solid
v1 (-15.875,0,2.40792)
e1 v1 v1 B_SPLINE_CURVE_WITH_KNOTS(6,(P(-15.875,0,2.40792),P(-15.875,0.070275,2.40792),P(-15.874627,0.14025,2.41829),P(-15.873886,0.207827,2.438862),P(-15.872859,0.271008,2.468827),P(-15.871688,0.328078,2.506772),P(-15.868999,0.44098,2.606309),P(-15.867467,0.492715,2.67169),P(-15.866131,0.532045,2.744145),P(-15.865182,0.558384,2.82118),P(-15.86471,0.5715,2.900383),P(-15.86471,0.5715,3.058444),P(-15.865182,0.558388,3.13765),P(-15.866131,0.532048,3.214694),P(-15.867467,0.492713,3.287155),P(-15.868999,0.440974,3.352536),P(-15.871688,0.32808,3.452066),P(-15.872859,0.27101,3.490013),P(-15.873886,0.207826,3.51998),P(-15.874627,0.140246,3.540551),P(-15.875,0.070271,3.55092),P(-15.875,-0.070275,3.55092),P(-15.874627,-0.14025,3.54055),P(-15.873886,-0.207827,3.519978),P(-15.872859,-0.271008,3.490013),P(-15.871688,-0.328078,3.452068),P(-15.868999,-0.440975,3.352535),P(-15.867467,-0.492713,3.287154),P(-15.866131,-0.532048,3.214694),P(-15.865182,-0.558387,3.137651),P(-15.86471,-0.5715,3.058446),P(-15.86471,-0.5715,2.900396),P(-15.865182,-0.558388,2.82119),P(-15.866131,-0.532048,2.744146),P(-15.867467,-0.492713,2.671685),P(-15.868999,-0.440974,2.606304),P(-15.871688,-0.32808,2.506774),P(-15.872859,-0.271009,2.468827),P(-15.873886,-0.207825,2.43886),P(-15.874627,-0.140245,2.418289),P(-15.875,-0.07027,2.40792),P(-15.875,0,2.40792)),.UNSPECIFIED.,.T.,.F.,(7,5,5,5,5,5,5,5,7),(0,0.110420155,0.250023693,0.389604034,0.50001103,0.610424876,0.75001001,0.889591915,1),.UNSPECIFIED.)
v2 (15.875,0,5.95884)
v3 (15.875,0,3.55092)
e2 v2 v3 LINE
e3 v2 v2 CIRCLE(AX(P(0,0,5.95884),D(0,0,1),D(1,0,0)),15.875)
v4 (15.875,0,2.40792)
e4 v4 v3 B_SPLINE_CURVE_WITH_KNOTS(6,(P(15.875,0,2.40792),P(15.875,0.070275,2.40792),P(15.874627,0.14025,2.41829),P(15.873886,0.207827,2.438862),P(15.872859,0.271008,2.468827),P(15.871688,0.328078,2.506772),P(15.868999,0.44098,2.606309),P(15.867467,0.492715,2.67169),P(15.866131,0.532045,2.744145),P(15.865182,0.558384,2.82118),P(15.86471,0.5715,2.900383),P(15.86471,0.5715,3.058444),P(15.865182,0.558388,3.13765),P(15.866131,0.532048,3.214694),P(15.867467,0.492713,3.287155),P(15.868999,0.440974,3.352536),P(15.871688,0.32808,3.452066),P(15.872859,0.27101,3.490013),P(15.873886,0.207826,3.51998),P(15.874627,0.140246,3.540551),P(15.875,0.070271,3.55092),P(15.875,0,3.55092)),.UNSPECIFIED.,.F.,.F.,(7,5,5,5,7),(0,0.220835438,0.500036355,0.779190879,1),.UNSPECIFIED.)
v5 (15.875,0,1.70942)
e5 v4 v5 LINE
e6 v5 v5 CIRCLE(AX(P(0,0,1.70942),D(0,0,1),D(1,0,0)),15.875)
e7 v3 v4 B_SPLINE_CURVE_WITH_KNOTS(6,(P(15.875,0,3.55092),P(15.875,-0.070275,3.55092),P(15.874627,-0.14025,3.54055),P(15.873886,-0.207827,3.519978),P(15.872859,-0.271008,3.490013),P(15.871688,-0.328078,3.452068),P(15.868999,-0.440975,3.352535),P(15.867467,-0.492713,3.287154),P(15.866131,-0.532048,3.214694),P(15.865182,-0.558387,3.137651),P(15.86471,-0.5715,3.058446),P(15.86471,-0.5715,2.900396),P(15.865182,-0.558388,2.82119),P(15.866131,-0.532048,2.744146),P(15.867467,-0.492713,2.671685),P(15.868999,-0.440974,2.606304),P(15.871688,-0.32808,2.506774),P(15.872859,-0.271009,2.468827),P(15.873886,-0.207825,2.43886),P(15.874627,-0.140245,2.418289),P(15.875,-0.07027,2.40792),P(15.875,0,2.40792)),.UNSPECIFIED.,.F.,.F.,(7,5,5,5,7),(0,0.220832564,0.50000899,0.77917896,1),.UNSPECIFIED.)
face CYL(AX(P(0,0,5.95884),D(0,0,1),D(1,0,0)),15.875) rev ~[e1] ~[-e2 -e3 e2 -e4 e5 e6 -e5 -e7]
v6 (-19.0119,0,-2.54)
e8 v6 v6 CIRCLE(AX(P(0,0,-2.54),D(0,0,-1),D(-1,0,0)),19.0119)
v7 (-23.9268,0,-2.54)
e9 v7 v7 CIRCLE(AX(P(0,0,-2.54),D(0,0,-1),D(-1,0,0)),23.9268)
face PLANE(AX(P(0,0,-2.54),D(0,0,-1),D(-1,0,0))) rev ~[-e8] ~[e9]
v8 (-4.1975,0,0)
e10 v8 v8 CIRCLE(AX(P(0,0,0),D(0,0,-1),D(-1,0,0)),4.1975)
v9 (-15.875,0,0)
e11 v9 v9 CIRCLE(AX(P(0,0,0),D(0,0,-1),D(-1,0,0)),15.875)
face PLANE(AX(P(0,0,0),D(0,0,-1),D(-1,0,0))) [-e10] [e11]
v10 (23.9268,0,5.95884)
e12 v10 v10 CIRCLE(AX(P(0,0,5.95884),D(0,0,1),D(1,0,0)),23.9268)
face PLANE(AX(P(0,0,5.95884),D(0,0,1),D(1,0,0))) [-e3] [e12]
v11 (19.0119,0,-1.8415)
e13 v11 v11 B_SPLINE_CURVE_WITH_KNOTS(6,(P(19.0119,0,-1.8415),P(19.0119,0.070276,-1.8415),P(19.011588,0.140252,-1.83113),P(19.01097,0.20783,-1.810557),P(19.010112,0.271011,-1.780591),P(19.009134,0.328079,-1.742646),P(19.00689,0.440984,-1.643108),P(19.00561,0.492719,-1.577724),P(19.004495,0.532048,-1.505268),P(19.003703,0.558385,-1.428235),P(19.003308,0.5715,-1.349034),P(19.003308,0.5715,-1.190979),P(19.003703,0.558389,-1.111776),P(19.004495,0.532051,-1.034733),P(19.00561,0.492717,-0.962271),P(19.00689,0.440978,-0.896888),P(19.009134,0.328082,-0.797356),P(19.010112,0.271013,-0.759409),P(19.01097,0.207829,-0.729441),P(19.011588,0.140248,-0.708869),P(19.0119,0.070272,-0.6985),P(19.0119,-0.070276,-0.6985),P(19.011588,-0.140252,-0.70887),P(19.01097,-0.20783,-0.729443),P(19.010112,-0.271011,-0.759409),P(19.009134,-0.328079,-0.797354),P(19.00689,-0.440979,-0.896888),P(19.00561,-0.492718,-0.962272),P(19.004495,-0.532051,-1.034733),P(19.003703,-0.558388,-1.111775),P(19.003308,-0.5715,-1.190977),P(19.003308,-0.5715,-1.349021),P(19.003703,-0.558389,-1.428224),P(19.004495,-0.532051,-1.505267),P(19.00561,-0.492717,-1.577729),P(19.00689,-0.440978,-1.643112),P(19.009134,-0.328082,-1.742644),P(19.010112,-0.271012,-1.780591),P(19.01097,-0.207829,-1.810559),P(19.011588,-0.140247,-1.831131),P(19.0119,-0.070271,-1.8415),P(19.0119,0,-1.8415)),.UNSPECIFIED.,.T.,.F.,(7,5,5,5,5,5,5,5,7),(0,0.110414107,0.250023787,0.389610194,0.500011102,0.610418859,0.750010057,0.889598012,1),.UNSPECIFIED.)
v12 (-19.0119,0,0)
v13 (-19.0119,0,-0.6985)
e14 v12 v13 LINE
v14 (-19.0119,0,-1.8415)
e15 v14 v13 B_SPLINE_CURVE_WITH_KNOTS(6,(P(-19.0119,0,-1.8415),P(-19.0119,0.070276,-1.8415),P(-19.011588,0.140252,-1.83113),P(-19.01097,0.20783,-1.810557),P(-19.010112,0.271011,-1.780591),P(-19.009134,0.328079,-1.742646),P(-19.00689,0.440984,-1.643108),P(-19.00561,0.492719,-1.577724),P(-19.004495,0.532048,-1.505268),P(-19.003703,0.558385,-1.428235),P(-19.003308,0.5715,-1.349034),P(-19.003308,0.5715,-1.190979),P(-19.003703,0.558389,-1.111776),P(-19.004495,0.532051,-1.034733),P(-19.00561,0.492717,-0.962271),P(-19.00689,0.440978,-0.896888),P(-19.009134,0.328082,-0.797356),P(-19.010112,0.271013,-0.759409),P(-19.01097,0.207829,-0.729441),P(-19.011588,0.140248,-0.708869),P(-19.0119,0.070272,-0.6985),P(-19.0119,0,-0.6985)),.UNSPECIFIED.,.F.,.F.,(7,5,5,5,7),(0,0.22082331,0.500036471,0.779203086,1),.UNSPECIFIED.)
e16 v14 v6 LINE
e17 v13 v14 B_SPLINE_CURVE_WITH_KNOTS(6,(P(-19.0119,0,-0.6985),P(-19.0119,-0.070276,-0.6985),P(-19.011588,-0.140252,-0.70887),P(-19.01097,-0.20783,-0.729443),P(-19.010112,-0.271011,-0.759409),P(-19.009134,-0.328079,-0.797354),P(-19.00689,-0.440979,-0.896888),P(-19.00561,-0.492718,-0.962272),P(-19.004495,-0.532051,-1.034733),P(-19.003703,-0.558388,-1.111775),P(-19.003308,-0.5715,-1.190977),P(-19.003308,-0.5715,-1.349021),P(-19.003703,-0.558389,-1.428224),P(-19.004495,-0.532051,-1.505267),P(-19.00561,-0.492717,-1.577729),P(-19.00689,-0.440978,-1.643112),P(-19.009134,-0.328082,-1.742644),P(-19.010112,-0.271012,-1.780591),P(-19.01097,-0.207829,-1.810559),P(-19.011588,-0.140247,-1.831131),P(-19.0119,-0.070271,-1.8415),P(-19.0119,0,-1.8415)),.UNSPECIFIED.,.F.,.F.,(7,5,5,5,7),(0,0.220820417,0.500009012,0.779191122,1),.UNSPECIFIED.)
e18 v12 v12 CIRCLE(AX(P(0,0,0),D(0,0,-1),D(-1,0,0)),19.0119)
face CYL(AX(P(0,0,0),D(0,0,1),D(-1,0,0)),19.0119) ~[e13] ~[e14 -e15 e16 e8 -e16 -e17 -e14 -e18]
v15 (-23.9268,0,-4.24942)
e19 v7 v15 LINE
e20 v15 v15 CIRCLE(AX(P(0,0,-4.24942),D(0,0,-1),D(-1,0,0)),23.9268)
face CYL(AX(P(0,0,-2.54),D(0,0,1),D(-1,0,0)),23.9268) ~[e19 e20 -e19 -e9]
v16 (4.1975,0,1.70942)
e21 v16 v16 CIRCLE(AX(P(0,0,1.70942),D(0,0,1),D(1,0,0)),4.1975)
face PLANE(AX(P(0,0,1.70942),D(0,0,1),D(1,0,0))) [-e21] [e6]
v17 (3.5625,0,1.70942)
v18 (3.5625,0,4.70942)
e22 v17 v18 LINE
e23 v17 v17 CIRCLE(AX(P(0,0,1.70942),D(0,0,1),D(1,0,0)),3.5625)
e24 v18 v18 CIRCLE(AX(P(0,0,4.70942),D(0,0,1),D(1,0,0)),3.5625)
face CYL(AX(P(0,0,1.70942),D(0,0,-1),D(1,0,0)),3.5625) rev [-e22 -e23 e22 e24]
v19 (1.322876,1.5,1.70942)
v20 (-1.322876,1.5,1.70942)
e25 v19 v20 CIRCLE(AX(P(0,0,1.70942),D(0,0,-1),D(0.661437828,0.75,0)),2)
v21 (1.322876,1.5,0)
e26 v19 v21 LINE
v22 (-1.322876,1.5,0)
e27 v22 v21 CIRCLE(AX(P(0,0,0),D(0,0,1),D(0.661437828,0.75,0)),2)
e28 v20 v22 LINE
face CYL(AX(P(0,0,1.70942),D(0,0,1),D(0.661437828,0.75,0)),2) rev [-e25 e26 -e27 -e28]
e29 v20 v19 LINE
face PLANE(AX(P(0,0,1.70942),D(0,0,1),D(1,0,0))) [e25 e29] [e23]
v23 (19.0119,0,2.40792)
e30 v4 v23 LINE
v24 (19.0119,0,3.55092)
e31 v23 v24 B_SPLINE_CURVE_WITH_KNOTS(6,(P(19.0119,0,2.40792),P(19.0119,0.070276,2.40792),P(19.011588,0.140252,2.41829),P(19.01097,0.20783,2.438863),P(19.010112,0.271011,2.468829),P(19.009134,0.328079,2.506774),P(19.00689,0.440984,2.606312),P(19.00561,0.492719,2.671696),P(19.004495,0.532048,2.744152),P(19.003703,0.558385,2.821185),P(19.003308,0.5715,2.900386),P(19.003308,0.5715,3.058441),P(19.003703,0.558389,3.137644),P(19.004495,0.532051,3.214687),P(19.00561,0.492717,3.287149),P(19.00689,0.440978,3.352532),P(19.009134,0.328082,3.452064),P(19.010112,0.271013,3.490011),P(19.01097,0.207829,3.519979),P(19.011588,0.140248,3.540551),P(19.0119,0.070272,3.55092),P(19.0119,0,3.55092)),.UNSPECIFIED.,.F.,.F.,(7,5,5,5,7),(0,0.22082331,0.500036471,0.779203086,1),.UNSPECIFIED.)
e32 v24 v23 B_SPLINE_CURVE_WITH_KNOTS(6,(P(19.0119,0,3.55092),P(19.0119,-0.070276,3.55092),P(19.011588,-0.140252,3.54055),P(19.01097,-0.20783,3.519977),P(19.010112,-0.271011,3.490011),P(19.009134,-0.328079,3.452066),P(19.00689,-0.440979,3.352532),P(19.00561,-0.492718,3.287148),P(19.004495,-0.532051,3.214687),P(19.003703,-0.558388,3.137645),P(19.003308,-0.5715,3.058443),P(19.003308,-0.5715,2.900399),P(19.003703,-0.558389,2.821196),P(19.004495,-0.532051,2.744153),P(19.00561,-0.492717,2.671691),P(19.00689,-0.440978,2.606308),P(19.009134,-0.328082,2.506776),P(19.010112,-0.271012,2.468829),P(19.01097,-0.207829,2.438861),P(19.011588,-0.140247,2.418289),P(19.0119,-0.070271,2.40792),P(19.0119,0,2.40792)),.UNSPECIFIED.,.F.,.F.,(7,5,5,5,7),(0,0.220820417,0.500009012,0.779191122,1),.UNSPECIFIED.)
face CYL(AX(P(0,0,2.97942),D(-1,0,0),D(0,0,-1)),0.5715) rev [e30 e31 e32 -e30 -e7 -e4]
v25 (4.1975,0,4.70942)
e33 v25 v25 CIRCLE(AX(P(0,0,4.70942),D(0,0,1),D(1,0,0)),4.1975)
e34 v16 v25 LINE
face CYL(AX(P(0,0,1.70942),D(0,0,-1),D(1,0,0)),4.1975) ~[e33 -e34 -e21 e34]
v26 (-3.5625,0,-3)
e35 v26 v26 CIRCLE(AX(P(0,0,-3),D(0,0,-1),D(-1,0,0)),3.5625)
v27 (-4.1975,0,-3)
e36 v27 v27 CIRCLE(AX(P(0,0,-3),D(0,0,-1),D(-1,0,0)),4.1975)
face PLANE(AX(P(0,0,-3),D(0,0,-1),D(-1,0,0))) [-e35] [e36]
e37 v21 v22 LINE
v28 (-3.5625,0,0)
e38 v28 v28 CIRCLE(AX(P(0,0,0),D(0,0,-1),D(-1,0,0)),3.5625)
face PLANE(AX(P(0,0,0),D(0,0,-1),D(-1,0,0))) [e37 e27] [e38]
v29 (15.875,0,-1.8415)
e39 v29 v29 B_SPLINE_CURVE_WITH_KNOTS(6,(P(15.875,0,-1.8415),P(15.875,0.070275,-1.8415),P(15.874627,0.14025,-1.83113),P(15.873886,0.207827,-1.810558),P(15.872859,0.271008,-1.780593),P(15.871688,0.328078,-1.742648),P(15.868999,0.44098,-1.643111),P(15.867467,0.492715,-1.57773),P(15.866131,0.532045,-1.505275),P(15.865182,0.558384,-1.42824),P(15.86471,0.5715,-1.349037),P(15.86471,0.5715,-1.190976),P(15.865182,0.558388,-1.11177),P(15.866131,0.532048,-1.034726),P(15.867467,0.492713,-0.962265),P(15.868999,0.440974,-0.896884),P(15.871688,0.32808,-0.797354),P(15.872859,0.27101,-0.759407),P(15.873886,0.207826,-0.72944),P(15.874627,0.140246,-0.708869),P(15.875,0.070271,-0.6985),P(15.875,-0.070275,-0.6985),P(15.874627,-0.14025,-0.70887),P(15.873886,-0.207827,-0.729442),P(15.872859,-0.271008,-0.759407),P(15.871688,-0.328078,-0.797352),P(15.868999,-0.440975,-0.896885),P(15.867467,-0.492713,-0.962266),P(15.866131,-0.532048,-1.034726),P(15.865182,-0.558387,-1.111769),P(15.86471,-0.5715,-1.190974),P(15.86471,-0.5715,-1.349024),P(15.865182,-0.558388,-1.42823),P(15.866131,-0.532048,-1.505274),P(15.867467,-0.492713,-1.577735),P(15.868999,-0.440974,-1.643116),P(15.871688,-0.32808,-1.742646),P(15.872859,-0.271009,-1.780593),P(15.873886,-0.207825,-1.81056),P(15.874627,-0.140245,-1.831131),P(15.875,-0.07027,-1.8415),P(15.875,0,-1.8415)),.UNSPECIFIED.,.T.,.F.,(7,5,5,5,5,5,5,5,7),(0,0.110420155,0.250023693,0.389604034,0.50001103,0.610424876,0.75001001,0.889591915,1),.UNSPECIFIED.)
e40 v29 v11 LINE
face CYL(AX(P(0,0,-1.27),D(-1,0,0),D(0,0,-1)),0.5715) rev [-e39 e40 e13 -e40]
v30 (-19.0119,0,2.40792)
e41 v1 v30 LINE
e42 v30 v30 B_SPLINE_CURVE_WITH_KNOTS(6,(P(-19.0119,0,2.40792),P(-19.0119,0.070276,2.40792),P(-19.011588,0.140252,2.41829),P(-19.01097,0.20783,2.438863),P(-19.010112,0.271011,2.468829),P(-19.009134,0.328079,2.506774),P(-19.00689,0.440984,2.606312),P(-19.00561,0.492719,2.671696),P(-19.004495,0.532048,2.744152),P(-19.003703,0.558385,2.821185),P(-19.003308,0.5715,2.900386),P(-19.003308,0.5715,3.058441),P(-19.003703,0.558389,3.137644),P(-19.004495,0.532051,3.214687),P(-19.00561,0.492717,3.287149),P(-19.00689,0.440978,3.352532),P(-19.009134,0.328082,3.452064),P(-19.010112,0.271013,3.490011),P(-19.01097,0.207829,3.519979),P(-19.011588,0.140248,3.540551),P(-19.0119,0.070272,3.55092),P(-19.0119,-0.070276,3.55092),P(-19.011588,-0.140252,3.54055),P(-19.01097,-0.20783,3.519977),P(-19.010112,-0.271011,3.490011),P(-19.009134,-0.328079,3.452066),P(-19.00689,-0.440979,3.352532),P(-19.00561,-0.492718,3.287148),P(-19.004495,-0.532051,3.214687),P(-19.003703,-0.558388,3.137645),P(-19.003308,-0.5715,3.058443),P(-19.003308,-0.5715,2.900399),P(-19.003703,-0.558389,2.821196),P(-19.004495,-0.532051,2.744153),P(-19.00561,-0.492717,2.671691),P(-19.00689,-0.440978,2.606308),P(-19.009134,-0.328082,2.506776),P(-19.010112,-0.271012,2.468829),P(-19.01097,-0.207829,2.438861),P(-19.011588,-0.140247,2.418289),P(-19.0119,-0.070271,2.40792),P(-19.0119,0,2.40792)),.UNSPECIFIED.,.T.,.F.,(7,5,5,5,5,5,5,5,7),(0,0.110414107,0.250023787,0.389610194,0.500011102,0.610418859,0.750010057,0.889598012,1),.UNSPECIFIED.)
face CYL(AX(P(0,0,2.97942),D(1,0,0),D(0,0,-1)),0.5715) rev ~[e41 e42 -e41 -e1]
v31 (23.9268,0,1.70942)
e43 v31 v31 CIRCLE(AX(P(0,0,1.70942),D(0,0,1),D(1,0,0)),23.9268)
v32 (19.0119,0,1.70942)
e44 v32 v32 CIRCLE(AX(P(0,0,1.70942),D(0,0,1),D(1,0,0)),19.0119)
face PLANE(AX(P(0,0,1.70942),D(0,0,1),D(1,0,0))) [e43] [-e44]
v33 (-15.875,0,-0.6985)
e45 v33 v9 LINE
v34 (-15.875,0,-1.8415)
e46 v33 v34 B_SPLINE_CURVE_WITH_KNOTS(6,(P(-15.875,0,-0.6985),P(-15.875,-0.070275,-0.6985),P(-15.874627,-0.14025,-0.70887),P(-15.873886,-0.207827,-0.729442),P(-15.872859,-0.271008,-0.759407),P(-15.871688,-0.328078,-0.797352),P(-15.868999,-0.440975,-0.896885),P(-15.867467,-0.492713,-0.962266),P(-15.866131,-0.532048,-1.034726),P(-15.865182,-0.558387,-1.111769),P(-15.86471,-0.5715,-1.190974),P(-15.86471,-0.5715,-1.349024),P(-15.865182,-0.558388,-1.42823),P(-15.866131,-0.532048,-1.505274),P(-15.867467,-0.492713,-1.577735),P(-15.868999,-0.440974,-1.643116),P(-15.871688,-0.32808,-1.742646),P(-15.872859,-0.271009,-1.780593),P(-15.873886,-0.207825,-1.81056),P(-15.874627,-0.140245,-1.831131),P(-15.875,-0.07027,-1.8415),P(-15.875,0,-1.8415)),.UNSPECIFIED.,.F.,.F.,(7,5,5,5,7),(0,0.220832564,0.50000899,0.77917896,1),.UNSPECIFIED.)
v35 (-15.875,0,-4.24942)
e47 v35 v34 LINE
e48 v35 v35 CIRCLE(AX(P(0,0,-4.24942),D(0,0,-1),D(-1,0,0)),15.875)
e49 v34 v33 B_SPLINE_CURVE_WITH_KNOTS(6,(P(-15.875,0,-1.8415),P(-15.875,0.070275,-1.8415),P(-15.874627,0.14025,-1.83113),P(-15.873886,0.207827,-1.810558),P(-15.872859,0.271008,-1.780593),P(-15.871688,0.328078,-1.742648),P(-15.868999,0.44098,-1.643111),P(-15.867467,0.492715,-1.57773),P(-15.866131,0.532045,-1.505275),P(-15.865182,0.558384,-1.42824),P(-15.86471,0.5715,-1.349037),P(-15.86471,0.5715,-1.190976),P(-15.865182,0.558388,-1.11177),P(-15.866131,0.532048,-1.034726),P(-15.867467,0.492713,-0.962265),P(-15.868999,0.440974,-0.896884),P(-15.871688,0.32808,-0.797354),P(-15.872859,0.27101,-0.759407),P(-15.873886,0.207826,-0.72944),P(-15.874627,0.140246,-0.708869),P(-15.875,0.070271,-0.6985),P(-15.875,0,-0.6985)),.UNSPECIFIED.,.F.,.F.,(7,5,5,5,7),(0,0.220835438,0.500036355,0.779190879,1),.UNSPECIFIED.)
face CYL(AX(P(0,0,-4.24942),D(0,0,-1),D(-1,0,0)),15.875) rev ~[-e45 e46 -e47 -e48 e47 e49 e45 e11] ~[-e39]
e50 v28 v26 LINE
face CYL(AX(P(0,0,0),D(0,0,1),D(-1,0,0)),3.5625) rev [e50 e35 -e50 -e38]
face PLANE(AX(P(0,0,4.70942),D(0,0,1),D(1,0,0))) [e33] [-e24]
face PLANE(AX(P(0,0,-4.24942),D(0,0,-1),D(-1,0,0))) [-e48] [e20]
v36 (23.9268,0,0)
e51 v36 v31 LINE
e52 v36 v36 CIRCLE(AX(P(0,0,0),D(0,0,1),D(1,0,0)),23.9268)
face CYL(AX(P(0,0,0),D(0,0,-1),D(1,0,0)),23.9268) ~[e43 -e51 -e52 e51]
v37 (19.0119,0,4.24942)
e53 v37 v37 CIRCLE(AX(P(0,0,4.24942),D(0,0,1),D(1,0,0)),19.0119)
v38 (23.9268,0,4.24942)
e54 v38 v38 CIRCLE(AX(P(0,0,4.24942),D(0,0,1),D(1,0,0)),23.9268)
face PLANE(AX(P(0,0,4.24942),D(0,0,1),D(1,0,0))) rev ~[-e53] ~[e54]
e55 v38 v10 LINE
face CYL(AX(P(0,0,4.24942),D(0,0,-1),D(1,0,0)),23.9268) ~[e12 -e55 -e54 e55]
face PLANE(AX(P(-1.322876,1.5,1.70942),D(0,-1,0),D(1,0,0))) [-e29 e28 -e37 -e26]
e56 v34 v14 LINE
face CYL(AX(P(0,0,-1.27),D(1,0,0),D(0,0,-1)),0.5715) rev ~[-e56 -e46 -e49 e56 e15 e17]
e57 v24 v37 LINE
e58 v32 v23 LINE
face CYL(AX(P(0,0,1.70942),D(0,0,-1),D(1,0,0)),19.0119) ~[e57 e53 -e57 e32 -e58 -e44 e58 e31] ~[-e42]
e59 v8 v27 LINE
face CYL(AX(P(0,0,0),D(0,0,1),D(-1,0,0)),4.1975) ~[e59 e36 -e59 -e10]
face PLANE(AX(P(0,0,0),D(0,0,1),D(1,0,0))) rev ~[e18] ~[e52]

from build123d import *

# Parameters (mm, degrees)
SKETCH1_R               = 23.9268
BOSS_EXTRUDE1_DEPTH     = 1.70942
SKETCH2_R               = 19.0119
BOSS_EXTRUDE2_DEPTH     = 2.54
SKETCH3_R               = 19.0119
BOSS_EXTRUDE3_DEPTH     = 2.54
SKETCH4_R               = 23.9268
BOSS_EXTRUDE4_DEPTH     = 1.70942
SKETCH5_R               = 23.9268
BOSS_EXTRUDE5_DEPTH     = 1.70942
SKETCH6_R               = 15.875
CUT_EXTRUDE1_DEPTH      = 4.24942
SKETCH7_R               = 15.875
CUT_EXTRUDE2_DEPTH      = 4.24942
SKETCH8_R               = 0.5715
CUT_EXTRUDE3_DEPTH      = 24.9268
CUT_EXTRUDE3_DEPTH_BACK = 24.9268
CUT_EXTRUDE4_DEPTH      = 6.9588401
SKETCH10_R              = 4.1975
SKETCH10_R_2            = 3.5625
BOSS_EXTRUDE7_DEPTH     = 3
SKETCH11_R              = 4.1975
SKETCH11_R_2            = 3.5625
BOSS_EXTRUDE8_DEPTH     = 3


with BuildPart() as part:
    # Sketch1 → Boss-Extrude1 (new body)
    with BuildSketch(Plane.XY):
        Circle(SKETCH1_R)
    extrude(amount=BOSS_EXTRUDE1_DEPTH)

    # Sketch2 → Boss-Extrude2 (add)
    with BuildSketch(Plane.XY.offset(1.70942)):
        Circle(SKETCH2_R)
    extrude(amount=BOSS_EXTRUDE2_DEPTH)

    # Sketch3 → Boss-Extrude3 (add)
    with BuildSketch(Plane(origin=(0, 0, 0), x_dir=(-1, 0, 0), z_dir=(0, 0, -1))):
        Circle(SKETCH3_R)
    extrude(amount=BOSS_EXTRUDE3_DEPTH)

    # Sketch4 → Boss-Extrude4 (add)
    with BuildSketch(Plane.XY.offset(4.24942)):
        Circle(SKETCH4_R)
    extrude(amount=BOSS_EXTRUDE4_DEPTH)

    # Sketch5 → Boss-Extrude5 (add)
    with BuildSketch(Plane(origin=(0, 0, -2.54), x_dir=(-1, 0, 0), z_dir=(0, 0, -1))):
        Circle(SKETCH5_R)
    extrude(amount=BOSS_EXTRUDE5_DEPTH)

    # Sketch6 → Cut-Extrude1 (cut)
    with BuildSketch(Plane.XY.offset(5.95884)):
        Circle(SKETCH6_R)
    extrude(amount=-CUT_EXTRUDE1_DEPTH, mode=Mode.SUBTRACT)

    # Sketch7 → Cut-Extrude2 (cut)
    with BuildSketch(Plane(origin=(0, 0, -4.24942), x_dir=(-1, 0, 0), z_dir=(0, 0, -1))):
        Circle(SKETCH7_R)
    extrude(amount=-CUT_EXTRUDE2_DEPTH, mode=Mode.SUBTRACT)

    # Sketch8 → Cut-Extrude3 (cut, two sides)
    with BuildSketch(Plane(origin=(0, 0, 0), x_dir=(0, 0, -1), z_dir=(1, 0, 0))) as cut_extrude3_sk:
        with Locations((-2.97942, 0)):
            Circle(SKETCH8_R)
        with Locations((1.27, 0)):
            Circle(SKETCH8_R)
    extrude(amount=CUT_EXTRUDE3_DEPTH, mode=Mode.SUBTRACT)
    extrude(cut_extrude3_sk.sketch, amount=-CUT_EXTRUDE3_DEPTH_BACK, mode=Mode.SUBTRACT)

    # Sketch9 → Cut-Extrude4 (cut, through all)
    with BuildSketch(Plane.XY.offset(1.70942)):
        with BuildLine():
            Line((-1.322875656, 1.5), (1.322875656, 1.5))
            ThreePointArc((1.322875656, 1.5), (0, -2), (-1.322875656, 1.5))
        make_face()
    extrude(amount=-CUT_EXTRUDE4_DEPTH, mode=Mode.SUBTRACT)

    # Sketch10 → Boss-Extrude7 (add)
    with BuildSketch(Plane.XY.offset(1.70942)):
        Circle(SKETCH10_R)
        Circle(SKETCH10_R_2, mode=Mode.SUBTRACT)
    extrude(amount=BOSS_EXTRUDE7_DEPTH)

    # Sketch11 → Boss-Extrude8 (add)
    with BuildSketch(Plane(origin=(0, 0, 0), x_dir=(-1, 0, 0), z_dir=(0, 0, -1))):
        Circle(SKETCH11_R)
        Circle(SKETCH11_R_2, mode=Mode.SUBTRACT)
    extrude(amount=BOSS_EXTRUDE8_DEPTH)


solid = part.part
